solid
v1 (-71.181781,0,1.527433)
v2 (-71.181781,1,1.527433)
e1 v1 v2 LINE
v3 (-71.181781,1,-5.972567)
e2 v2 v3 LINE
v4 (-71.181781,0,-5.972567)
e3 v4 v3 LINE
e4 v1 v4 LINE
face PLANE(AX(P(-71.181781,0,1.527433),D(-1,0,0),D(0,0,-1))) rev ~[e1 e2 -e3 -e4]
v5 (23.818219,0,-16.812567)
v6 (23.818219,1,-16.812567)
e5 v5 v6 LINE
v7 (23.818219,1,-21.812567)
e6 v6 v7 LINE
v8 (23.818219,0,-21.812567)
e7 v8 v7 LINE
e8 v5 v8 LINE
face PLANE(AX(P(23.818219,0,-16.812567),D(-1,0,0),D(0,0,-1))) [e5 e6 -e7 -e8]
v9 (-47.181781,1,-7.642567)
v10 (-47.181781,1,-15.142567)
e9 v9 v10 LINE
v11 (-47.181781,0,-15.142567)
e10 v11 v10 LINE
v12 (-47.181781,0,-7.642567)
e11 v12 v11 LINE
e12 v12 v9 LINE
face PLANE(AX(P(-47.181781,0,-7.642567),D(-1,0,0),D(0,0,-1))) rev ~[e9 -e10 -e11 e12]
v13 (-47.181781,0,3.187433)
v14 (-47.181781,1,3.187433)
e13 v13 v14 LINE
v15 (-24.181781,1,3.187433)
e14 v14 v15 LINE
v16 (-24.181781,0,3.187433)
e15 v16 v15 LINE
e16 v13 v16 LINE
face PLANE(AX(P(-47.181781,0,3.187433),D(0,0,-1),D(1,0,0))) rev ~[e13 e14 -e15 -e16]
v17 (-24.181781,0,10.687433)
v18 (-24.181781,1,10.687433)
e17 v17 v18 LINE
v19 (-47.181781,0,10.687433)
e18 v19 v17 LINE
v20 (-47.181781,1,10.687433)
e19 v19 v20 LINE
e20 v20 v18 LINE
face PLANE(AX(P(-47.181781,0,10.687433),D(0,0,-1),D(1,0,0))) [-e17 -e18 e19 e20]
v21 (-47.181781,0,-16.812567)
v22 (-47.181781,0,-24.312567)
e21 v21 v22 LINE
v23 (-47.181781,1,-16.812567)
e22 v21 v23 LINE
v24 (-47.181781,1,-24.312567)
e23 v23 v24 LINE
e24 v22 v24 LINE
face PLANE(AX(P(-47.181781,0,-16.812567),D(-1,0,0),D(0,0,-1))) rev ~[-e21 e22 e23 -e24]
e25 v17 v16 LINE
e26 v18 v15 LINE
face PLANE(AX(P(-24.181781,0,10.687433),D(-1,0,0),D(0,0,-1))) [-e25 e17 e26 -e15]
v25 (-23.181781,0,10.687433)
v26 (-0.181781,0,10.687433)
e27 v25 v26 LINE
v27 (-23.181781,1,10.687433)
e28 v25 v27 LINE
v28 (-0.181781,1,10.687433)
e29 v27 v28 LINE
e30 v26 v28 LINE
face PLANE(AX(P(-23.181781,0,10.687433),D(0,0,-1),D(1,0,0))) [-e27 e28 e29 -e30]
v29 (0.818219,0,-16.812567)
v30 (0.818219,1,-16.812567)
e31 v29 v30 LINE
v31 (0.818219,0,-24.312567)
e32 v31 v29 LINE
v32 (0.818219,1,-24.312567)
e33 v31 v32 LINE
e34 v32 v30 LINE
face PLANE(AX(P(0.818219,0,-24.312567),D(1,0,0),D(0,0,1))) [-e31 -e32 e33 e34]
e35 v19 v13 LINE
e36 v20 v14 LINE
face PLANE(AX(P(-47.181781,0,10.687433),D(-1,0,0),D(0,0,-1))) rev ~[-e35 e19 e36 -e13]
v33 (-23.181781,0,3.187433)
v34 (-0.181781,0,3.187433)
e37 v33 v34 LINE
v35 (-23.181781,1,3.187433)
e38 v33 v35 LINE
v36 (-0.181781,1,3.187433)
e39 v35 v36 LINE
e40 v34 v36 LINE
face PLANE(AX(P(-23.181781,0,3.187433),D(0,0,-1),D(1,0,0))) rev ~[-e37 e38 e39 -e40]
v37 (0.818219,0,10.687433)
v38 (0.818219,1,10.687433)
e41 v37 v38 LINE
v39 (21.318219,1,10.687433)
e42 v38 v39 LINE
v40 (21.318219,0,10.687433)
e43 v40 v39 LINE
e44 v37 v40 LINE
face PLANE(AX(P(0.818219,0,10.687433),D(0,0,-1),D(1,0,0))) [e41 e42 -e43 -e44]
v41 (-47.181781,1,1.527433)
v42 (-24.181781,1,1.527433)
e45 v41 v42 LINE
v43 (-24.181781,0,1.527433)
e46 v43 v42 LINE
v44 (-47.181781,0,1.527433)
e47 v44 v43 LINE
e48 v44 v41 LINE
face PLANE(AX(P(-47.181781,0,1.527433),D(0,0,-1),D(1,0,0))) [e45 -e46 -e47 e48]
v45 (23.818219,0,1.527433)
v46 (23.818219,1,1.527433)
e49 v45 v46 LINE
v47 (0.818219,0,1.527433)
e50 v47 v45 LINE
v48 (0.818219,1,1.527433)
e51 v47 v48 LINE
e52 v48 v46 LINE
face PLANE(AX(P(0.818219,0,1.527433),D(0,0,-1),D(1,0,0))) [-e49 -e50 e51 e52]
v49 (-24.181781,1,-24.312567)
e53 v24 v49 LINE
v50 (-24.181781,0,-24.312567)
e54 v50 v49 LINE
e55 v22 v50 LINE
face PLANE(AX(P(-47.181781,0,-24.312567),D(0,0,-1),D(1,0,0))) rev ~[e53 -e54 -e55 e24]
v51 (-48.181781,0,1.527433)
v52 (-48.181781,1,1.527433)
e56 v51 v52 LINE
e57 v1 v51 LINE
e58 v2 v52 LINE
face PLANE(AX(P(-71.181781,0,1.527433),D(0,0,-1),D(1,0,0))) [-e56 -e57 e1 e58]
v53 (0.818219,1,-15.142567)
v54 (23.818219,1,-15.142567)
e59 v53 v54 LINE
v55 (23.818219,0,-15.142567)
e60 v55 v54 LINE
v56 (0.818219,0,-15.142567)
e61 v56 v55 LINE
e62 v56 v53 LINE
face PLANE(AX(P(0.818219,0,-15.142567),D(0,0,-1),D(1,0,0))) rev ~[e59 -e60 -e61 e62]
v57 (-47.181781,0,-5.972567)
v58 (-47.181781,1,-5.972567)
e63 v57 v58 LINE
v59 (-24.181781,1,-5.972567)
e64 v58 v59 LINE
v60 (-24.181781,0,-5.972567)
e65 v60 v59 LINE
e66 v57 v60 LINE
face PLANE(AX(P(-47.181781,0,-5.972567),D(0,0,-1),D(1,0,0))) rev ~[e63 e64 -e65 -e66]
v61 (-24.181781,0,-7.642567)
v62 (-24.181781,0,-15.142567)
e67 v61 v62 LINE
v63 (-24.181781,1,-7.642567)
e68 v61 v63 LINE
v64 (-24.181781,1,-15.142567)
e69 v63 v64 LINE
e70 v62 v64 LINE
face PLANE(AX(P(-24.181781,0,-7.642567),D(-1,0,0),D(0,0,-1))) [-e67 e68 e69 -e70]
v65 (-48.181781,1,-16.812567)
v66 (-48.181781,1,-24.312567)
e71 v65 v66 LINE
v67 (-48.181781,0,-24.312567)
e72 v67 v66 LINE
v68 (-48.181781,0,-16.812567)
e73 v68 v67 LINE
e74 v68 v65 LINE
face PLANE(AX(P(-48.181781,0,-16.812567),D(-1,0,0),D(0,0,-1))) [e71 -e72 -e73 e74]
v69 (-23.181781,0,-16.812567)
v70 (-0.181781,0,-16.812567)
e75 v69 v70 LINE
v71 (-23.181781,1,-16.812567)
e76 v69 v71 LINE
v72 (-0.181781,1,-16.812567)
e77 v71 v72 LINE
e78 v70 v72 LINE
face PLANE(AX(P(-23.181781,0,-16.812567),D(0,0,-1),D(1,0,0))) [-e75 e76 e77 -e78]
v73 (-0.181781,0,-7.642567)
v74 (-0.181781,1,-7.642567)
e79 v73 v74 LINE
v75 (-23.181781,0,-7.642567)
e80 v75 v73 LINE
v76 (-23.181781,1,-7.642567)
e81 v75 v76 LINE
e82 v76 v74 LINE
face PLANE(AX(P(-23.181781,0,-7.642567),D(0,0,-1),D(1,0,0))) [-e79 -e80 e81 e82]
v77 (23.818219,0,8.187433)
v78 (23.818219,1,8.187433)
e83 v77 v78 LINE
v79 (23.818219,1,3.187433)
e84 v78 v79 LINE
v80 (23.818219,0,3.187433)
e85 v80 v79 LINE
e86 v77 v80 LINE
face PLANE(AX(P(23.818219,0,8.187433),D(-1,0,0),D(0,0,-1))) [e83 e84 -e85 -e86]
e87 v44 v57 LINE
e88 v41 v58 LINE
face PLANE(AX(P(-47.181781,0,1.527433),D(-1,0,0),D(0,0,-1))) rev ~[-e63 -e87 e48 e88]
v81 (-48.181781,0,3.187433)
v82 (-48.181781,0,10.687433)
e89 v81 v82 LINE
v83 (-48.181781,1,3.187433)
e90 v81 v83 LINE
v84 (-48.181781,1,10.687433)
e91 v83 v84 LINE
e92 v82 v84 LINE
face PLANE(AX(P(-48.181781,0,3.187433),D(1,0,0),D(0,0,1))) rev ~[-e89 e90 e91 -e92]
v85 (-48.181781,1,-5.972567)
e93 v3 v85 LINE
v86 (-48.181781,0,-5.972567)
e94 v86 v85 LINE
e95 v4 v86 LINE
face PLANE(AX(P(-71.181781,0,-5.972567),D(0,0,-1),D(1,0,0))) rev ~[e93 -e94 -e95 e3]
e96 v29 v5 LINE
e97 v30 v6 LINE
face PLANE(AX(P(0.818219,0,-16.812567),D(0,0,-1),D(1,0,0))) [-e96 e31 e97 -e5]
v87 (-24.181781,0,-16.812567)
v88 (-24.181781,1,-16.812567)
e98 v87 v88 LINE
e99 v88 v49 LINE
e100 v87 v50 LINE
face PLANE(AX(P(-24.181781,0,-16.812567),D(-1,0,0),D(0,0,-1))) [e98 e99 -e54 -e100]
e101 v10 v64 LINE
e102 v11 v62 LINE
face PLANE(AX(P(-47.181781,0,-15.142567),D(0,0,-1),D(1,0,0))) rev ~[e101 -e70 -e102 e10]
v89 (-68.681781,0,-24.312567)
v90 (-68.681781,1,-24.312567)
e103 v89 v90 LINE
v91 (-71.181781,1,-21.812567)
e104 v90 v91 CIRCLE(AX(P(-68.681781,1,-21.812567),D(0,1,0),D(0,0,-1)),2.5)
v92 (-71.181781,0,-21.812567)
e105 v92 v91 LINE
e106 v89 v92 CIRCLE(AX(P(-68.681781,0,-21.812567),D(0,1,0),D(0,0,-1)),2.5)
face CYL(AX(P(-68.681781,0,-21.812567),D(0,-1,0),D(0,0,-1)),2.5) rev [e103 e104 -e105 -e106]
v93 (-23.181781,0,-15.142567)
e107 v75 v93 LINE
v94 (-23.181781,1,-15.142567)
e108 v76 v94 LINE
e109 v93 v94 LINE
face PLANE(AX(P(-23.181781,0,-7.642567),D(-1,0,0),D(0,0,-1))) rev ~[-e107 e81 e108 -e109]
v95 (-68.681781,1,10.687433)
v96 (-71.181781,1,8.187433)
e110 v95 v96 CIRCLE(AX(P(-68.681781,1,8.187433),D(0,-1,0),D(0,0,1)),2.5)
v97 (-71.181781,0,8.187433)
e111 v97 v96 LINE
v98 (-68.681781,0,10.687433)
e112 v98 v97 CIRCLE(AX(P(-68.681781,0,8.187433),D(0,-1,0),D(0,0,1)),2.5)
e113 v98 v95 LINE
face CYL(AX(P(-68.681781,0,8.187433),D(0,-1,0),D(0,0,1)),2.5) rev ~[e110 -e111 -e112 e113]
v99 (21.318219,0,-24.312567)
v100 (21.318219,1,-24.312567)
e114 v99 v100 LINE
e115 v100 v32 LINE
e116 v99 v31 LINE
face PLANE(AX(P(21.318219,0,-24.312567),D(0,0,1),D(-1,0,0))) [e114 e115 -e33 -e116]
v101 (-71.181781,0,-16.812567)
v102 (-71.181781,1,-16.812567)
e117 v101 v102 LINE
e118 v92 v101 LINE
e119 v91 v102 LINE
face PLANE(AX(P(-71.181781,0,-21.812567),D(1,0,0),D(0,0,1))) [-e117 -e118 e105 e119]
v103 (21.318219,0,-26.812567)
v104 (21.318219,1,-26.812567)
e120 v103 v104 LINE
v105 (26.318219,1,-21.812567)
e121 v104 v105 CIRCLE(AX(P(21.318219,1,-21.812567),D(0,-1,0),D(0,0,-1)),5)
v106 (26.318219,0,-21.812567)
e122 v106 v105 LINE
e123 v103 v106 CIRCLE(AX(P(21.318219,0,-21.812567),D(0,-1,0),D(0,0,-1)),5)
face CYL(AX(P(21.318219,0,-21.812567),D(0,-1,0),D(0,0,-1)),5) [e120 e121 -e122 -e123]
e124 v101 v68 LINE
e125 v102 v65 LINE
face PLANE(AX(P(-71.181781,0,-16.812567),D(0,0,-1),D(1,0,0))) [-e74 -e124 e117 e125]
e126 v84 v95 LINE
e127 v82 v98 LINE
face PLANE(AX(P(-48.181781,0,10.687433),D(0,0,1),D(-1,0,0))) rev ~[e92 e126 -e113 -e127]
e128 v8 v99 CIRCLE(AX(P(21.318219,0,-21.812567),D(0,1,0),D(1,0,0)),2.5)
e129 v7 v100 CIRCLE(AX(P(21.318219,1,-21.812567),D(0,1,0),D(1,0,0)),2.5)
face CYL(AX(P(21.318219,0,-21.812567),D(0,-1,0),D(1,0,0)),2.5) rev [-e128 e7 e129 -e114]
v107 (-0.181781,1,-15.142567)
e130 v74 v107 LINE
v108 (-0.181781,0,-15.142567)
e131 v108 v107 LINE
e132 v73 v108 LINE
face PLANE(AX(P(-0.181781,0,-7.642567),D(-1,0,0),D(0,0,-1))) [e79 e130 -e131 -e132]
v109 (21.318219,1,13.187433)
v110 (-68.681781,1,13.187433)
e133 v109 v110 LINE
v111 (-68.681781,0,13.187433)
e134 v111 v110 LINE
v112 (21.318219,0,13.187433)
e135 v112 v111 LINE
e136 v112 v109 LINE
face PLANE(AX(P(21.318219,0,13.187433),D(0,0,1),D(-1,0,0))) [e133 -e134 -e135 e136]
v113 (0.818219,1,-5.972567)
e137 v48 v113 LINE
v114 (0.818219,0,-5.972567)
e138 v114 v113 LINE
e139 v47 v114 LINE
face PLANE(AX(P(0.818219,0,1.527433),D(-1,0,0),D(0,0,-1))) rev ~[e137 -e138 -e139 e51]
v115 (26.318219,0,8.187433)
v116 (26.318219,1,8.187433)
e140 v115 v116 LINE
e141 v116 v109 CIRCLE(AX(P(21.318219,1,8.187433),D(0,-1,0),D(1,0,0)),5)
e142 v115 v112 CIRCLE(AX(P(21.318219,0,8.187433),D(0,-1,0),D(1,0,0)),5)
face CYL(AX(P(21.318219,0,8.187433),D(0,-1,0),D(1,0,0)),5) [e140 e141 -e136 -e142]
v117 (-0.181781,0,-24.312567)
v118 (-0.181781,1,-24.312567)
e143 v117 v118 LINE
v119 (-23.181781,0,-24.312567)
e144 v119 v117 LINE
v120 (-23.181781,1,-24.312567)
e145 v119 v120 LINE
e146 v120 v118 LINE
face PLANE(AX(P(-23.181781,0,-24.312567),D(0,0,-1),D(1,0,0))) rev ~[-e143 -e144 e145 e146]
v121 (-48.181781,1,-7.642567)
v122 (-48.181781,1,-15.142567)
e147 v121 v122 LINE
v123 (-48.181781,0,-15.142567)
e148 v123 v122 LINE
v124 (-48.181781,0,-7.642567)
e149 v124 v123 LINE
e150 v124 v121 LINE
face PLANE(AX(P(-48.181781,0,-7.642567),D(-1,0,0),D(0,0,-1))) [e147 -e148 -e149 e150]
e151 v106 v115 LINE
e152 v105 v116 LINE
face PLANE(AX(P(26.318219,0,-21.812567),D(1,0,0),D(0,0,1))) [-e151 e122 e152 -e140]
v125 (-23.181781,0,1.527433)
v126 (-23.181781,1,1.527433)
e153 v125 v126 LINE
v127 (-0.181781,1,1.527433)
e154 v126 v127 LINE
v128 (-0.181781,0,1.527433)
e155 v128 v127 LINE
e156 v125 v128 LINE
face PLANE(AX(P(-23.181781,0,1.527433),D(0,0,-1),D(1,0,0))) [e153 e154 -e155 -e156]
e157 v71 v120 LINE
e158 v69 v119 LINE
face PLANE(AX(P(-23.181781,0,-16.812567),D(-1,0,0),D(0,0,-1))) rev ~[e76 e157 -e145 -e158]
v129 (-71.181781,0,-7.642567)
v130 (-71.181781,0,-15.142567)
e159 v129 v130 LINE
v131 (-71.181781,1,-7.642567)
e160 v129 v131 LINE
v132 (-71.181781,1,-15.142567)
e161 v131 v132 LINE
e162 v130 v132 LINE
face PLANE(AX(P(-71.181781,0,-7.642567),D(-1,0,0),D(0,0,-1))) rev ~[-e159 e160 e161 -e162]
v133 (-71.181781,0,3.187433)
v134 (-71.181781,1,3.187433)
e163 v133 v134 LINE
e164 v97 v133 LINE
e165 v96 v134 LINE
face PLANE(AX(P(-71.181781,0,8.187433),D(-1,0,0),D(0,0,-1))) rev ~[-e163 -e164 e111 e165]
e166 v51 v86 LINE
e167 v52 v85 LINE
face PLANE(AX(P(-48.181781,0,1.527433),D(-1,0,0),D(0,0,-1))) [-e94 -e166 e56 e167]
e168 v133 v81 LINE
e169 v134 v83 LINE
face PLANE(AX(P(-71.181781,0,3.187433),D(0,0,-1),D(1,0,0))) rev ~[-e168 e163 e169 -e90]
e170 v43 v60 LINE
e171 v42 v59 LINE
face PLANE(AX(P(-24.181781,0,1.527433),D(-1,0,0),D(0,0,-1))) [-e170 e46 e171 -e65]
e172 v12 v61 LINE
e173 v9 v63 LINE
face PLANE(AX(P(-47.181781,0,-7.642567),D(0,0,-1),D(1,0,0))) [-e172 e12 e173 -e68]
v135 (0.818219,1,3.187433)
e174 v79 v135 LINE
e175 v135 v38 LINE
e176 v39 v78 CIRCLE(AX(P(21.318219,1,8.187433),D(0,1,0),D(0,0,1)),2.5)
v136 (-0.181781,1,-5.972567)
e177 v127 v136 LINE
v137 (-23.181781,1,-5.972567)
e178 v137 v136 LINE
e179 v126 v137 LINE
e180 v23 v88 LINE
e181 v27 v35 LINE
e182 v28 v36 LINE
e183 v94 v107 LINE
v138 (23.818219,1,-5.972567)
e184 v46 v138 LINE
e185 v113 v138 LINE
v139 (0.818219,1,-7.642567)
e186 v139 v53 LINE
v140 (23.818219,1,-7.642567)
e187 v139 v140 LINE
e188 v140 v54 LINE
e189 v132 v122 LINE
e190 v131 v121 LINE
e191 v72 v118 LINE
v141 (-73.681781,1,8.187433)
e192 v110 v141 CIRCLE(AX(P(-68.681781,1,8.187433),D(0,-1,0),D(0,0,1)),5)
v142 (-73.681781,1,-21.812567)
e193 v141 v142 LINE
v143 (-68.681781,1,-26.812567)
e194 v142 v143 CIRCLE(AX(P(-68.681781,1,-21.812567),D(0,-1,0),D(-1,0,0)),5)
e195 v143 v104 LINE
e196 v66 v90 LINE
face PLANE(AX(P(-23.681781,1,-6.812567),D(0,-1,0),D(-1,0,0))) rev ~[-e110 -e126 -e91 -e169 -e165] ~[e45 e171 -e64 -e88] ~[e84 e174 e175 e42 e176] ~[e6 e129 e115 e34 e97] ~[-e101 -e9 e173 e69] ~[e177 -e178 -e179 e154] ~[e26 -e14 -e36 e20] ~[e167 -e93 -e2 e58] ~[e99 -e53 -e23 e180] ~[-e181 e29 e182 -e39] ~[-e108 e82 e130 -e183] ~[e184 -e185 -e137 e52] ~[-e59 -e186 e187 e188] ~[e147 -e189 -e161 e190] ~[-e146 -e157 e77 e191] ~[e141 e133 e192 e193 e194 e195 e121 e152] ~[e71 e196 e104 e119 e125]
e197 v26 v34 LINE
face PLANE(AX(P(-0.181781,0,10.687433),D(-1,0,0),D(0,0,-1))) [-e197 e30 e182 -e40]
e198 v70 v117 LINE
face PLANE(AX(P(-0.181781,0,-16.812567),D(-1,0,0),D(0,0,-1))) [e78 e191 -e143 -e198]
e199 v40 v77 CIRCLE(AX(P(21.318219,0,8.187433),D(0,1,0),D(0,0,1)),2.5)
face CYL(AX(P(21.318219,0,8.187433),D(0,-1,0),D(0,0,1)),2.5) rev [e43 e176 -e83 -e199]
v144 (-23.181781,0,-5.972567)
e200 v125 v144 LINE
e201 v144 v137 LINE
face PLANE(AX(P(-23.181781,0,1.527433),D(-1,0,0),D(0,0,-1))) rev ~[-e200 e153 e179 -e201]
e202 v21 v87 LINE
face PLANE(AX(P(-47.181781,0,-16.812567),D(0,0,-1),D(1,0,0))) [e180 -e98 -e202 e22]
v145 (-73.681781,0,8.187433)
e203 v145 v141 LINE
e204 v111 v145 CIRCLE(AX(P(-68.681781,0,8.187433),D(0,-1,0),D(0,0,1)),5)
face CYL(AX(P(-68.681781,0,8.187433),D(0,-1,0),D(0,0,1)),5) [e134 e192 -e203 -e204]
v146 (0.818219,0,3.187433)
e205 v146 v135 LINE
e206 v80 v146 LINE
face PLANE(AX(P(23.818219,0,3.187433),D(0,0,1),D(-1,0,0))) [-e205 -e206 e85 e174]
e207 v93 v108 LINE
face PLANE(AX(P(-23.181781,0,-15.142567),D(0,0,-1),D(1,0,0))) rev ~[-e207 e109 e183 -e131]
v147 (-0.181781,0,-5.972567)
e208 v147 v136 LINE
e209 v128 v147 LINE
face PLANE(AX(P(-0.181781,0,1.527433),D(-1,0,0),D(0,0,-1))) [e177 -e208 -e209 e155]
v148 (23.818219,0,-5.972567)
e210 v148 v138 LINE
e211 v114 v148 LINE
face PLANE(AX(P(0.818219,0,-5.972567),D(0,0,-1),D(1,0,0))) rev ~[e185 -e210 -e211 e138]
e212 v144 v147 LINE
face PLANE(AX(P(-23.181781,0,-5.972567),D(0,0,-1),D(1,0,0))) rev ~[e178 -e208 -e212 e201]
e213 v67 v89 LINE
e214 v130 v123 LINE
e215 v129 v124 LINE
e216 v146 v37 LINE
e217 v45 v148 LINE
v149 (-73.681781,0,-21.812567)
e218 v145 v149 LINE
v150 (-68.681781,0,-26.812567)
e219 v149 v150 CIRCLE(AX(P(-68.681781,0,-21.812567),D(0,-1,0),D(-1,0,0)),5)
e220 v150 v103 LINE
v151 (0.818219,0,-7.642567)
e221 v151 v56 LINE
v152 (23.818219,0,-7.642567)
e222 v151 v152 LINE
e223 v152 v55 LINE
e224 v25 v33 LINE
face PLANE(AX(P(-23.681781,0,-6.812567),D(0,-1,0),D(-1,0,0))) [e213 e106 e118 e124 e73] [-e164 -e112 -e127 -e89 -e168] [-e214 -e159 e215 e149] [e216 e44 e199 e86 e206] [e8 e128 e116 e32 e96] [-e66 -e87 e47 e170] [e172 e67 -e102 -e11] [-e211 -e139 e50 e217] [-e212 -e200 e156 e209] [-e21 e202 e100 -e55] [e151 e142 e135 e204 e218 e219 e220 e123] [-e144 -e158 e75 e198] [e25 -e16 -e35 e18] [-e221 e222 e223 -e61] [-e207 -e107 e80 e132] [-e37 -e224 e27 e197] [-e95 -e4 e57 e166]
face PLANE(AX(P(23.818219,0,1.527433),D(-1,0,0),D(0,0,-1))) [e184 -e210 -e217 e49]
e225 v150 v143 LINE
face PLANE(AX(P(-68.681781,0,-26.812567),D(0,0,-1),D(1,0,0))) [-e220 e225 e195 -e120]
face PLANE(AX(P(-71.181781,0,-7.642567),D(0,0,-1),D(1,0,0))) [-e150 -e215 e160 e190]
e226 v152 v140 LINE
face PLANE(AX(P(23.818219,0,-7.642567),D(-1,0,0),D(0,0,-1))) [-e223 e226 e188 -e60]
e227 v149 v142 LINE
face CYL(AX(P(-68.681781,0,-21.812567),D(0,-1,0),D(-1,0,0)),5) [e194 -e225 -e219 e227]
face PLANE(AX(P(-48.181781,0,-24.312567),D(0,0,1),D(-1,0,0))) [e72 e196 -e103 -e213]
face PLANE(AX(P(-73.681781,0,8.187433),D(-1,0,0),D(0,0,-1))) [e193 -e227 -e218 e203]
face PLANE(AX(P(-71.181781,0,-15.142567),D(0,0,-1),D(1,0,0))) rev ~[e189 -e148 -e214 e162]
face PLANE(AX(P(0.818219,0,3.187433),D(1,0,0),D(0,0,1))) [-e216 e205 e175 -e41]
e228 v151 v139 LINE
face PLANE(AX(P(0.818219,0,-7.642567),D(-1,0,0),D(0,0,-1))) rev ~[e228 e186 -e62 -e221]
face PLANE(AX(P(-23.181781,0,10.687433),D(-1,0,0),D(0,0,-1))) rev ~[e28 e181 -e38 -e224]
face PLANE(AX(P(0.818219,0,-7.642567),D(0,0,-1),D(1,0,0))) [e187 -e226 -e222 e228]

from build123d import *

# Parameters (mm, degrees)
SKETCH1_W           = 23
SKETCH1_H           = 7.5
BOSS_EXTRUDE1_DEPTH = 1


with BuildPart() as part:
    # Sketch1 → Boss-Extrude1 (new body)
    with BuildSketch(Plane(origin=(0, 0, 0), x_dir=(1, 0, 0), z_dir=(0, 1, 0))):
        with BuildLine():
            Line((-68.681780825, 26.812567087), (21.318219175, 26.812567087))
            ThreePointArc((21.318219175, 26.812567087), (24.853753081, 25.348100993), (26.318219175, 21.812567087))
            Line((26.318219175, 21.812567087), (26.318219175, -8.187432913))
            ThreePointArc((26.318219175, -8.187432913), (24.853753081, -11.722966819), (21.318219175, -13.187432913))
            Line((21.318219175, -13.187432913), (-68.681780825, -13.187432913))
            ThreePointArc((-68.681780825, -13.187432913), (-72.217314731, -11.722966819), (-73.681780825, -8.187432913))
            Line((-73.681780825, -8.187432913), (-73.681780825, 21.812567087))
            ThreePointArc((-73.681780825, 21.812567087), (-72.217314731, 25.348100993), (-68.681780825, 26.812567087))
        make_face()
        with BuildLine():
            Line((-71.181780825, 16.812567087), (-48.181780825, 16.812567087))
            Line((-48.181780825, 16.812567087), (-48.181780825, 24.312567087))
            Line((-48.181780825, 24.312567087), (-68.681780825, 24.312567087))
            ThreePointArc((-68.681780825, 24.312567087), (-70.449547778, 23.58033404), (-71.181780825, 21.812567087))
            Line((-71.181780825, 21.812567087), (-71.181780825, 16.812567087))
        make_face(mode=Mode.SUBTRACT)
        with Locations((12.318219175, 11.392567087)):
            Rectangle(SKETCH1_W, SKETCH1_H, mode=Mode.SUBTRACT)
        with BuildLine():
            Line((-71.181780825, -3.187432913), (-48.181780825, -3.187432913))
            Line((-48.181780825, -3.187432913), (-48.181780825, -10.687432913))
            Line((-48.181780825, -10.687432913), (-68.681780825, -10.687432913))
            ThreePointArc((-68.681780825, -10.687432913), (-70.449547778, -9.955199866), (-71.181780825, -8.187432913))
            Line((-71.181780825, -8.187432913), (-71.181780825, -3.187432913))
        make_face(mode=Mode.SUBTRACT)
        with Locations((-35.681780825, 20.562567087)):
            Rectangle(SKETCH1_W, SKETCH1_H, mode=Mode.SUBTRACT)
        with Locations((-11.681780825, 20.562567087)):
            Rectangle(SKETCH1_W, SKETCH1_H, mode=Mode.SUBTRACT)
        with BuildLine():
            Line((0.818219175, 24.312567087), (0.818219175, 16.812567087))
            Line((0.818219175, 16.812567087), (23.818219175, 16.812567087))
            Line((23.818219175, 16.812567087), (23.818219175, 21.812567087))
            ThreePointArc((23.818219175, 21.812567087), (23.085986128, 23.58033404), (21.318219175, 24.312567087))
            Line((21.318219175, 24.312567087), (0.818219175, 24.312567087))
        make_face(mode=Mode.SUBTRACT)
        with Locations((-35.681780825, -6.937432913)):
            Rectangle(SKETCH1_W, SKETCH1_H, mode=Mode.SUBTRACT)
        with Locations((-59.681780825, 11.392567087)):
            Rectangle(SKETCH1_W, SKETCH1_H, mode=Mode.SUBTRACT)
        with Locations((-35.681780825, 11.392567087)):
            Rectangle(SKETCH1_W, SKETCH1_H, mode=Mode.SUBTRACT)
        with Locations((-11.681780825, -6.937432913)):
            Rectangle(SKETCH1_W, SKETCH1_H, mode=Mode.SUBTRACT)
        with BuildLine():
            Line((0.818219175, -10.687432913), (21.318219175, -10.687432913))
            ThreePointArc((21.318219175, -10.687432913), (23.085986128, -9.955199866), (23.818219175, -8.187432913))
            Line((23.818219175, -8.187432913), (23.818219175, -3.187432913))
            Line((23.818219175, -3.187432913), (0.818219175, -3.187432913))
            Line((0.818219175, -3.187432913), (0.818219175, -10.687432913))
        make_face(mode=Mode.SUBTRACT)
        with Locations((-11.681780825, 11.392567087)):
            Rectangle(SKETCH1_W, SKETCH1_H, mode=Mode.SUBTRACT)
        with Locations((-59.681780825, 2.222567087)):
            Rectangle(SKETCH1_W, SKETCH1_H, mode=Mode.SUBTRACT)
        with Locations((-35.681780825, 2.222567087)):
            Rectangle(SKETCH1_W, SKETCH1_H, mode=Mode.SUBTRACT)
        with Locations((-11.681780825, 2.222567087)):
            Rectangle(SKETCH1_W, SKETCH1_H, mode=Mode.SUBTRACT)
        with Locations((12.318219175, 2.222567087)):
            Rectangle(SKETCH1_W, SKETCH1_H, mode=Mode.SUBTRACT)
    extrude(amount=BOSS_EXTRUDE1_DEPTH)


solid = part.part
